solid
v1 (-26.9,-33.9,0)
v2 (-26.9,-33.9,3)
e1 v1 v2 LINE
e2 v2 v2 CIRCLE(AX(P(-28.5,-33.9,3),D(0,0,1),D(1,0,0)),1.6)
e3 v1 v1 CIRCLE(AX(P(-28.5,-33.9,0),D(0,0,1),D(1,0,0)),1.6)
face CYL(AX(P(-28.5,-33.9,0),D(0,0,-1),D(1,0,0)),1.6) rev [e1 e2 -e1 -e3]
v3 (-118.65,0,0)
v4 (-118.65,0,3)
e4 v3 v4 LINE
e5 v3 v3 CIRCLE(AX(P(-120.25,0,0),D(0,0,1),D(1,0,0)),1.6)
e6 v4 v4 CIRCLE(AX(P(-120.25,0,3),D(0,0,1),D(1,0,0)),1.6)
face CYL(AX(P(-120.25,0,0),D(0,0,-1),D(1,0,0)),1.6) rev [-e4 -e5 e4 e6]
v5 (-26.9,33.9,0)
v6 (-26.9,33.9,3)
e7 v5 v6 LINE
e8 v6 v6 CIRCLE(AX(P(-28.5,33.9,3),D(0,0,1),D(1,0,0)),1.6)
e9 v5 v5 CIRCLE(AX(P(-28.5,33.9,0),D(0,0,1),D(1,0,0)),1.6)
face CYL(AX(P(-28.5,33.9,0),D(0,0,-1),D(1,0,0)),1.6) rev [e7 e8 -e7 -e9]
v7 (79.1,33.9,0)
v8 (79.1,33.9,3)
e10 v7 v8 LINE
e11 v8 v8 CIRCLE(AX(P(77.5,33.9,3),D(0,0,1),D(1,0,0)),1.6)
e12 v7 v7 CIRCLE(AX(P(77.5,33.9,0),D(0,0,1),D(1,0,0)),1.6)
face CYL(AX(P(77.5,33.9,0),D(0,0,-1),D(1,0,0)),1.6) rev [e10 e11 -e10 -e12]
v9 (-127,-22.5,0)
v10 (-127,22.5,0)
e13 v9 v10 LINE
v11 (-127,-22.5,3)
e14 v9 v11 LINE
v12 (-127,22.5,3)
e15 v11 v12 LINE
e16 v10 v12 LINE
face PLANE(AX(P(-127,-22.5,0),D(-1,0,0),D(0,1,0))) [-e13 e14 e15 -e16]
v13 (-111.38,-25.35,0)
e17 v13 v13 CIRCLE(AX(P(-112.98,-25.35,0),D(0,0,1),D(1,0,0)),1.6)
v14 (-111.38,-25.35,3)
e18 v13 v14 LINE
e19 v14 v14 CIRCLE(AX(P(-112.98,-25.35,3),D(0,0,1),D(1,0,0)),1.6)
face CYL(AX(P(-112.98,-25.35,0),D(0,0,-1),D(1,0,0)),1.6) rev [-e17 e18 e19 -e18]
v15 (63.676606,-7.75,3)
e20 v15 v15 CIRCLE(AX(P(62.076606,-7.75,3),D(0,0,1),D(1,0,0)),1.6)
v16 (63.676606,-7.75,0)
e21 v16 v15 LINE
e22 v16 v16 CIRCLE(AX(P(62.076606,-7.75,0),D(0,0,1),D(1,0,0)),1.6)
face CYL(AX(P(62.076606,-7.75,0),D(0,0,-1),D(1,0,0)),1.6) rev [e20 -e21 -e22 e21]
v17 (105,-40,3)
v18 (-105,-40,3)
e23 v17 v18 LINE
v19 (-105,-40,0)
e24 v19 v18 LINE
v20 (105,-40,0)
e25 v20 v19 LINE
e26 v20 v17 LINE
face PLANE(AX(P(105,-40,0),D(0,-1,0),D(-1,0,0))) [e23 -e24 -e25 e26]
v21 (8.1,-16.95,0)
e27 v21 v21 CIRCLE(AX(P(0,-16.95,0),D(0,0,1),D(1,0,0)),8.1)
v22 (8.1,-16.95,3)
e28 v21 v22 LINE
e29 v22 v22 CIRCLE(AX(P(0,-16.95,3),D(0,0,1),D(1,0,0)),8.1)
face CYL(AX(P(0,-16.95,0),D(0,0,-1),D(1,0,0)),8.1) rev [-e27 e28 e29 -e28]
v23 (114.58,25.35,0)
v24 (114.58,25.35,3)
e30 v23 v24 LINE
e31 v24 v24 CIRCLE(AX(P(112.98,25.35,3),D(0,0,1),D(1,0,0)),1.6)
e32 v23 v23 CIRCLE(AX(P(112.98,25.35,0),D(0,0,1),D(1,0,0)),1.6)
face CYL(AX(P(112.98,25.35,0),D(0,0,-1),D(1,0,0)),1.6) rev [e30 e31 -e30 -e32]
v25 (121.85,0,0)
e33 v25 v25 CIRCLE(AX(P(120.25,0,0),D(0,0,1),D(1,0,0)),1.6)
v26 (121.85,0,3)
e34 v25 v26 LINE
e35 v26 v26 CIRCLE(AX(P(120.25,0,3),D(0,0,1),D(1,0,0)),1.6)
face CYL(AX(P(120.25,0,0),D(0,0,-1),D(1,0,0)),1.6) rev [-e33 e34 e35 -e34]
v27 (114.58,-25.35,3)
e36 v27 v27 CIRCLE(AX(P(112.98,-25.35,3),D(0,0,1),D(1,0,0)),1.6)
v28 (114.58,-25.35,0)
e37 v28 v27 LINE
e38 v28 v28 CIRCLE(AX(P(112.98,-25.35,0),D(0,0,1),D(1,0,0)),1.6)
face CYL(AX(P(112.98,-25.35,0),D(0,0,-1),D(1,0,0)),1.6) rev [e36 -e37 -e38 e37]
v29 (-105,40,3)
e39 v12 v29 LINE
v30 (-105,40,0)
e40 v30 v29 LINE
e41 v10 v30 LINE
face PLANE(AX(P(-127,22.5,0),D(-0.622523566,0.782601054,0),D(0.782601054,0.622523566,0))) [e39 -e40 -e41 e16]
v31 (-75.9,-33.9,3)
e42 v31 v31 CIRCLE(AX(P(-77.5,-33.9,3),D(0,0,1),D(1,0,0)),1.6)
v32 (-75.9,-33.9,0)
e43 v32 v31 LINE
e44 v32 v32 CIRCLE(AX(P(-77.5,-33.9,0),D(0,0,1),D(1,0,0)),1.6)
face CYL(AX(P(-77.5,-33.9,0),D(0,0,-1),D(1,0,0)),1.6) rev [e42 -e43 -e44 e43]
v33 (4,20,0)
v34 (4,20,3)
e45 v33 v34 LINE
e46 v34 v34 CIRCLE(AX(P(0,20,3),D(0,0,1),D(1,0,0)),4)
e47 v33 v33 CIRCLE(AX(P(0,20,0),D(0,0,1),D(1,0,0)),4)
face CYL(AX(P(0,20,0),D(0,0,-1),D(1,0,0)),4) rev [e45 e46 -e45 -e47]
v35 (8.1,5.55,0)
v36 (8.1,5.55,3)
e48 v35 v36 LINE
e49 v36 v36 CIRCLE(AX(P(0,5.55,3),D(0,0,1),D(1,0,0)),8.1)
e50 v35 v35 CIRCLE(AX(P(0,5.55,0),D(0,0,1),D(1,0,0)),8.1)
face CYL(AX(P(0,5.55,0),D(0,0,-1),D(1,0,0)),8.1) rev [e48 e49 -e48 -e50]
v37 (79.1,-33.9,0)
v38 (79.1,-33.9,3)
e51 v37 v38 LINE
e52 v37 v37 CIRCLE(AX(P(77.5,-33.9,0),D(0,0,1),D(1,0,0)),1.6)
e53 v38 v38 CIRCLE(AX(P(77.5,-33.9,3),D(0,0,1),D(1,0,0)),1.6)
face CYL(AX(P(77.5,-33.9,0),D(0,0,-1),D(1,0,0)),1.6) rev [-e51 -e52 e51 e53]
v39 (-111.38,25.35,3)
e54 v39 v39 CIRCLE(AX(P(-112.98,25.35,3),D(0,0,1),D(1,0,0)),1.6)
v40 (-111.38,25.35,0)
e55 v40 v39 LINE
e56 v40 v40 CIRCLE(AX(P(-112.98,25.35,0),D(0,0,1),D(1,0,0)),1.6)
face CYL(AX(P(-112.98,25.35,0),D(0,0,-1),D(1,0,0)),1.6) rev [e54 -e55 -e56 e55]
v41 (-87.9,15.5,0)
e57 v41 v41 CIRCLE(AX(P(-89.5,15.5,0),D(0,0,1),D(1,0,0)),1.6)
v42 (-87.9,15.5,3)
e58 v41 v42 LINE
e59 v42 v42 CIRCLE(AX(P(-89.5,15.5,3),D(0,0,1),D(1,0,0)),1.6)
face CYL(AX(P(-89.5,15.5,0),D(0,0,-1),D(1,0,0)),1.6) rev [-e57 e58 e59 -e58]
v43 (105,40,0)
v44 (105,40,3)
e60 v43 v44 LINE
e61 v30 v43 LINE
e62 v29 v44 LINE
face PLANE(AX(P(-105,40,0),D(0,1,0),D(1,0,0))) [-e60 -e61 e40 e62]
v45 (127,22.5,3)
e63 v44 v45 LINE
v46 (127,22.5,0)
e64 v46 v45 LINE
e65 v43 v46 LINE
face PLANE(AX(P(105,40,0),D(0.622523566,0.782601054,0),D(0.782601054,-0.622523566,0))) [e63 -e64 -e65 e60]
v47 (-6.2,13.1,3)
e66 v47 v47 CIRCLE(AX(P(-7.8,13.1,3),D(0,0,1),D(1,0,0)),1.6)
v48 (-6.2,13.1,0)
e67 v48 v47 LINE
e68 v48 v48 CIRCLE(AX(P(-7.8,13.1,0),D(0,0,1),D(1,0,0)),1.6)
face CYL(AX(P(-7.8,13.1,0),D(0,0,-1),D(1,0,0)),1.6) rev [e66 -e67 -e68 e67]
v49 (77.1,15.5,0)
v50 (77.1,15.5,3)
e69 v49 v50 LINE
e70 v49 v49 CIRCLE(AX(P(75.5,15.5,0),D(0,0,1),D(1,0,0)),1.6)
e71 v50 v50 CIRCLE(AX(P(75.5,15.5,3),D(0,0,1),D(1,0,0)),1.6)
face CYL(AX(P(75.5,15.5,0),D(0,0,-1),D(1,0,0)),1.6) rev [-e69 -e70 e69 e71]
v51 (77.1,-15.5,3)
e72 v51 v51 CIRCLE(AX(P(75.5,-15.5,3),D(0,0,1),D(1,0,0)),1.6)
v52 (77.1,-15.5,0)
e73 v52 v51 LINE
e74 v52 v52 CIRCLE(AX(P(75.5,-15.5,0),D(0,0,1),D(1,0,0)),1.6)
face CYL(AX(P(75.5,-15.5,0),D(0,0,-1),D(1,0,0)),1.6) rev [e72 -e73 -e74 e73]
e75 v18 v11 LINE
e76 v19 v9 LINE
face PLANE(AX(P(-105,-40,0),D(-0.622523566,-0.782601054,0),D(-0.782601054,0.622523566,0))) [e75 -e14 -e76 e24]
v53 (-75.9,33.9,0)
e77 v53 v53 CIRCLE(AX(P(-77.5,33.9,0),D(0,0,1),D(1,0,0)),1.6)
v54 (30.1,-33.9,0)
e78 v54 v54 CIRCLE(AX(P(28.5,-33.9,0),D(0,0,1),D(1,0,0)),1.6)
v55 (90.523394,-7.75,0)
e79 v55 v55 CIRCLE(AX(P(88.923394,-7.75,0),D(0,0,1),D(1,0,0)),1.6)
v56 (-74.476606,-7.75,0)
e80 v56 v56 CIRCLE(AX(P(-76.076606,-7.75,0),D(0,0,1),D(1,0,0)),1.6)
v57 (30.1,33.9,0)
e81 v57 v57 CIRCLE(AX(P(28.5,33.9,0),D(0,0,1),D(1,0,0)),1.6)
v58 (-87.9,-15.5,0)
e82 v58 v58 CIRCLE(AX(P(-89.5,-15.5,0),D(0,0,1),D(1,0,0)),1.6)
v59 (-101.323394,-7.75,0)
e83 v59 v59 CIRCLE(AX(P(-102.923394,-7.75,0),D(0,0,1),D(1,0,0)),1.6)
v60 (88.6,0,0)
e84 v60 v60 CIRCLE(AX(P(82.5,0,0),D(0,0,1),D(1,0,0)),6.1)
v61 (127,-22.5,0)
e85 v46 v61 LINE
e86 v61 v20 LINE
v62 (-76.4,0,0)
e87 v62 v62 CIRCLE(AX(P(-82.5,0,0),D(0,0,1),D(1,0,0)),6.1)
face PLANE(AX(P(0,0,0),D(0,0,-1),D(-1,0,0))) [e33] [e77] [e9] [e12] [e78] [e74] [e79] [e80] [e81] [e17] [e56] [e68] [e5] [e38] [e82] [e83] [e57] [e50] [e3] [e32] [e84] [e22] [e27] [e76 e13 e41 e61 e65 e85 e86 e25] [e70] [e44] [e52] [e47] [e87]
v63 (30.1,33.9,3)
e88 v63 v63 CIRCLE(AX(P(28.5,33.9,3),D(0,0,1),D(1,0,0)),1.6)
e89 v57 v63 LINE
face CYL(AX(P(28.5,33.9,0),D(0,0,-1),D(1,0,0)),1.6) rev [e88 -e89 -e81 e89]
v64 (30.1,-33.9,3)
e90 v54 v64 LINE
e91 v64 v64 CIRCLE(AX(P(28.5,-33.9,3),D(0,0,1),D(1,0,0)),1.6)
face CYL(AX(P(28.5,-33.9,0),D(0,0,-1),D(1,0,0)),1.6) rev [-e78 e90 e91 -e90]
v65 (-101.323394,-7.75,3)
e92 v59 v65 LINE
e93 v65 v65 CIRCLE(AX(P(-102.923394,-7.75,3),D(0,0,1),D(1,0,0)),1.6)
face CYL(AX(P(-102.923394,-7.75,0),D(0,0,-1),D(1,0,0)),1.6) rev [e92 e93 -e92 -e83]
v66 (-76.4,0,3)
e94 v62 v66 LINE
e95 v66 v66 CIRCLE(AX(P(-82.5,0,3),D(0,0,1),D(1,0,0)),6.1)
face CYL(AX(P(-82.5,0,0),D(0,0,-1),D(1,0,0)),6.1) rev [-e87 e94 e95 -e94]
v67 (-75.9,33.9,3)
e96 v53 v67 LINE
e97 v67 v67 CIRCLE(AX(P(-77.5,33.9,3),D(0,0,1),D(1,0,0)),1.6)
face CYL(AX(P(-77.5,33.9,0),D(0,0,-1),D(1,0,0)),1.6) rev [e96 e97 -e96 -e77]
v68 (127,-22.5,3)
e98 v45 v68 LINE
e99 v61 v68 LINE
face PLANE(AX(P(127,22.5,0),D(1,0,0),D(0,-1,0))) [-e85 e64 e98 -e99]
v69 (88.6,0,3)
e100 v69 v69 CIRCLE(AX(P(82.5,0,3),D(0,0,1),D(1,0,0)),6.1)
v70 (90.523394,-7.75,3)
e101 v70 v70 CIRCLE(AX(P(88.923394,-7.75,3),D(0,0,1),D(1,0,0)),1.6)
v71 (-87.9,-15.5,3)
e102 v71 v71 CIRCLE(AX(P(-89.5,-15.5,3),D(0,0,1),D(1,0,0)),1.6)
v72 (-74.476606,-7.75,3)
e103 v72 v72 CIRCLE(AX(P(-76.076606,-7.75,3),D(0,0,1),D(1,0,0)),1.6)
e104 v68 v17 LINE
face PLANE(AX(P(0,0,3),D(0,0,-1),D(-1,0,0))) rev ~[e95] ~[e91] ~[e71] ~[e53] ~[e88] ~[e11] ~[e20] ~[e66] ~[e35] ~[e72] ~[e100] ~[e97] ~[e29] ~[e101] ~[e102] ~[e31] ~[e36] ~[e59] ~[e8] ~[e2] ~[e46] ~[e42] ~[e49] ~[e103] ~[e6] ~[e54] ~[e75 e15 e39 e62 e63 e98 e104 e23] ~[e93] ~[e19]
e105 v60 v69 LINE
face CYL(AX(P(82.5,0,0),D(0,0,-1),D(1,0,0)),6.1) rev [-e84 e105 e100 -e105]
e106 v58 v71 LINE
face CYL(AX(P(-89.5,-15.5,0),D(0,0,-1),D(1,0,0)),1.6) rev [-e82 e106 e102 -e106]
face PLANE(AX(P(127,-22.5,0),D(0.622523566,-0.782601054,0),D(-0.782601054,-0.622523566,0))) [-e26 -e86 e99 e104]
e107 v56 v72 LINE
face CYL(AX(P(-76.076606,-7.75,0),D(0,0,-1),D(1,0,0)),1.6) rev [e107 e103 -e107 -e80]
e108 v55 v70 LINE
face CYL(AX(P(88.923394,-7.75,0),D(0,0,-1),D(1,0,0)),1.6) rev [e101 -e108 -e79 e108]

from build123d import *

# Parameters (mm, degrees)
CROQUIS1_R              = 4
CROQUIS1_R_2            = 1.6
CROQUIS1_R_3            = 6.1
CROQUIS1_R_4            = 8.1
SALIENTE_EXTRUIR1_DEPTH = 3


with BuildPart() as part:
    # Croquis1 → Saliente-Extruir1 (new body)
    with BuildSketch(Plane.XY):
        Polygon((-127, 22.5), (-105, 40), (105, 40), (127, 22.5), (127, -22.5), (105, -40), (-105, -40), (-127, -22.5), align=None)
        with Locations((0, 20)):
            Circle(CROQUIS1_R, mode=Mode.SUBTRACT)
        with Locations((112.98, 25.35)):
            Circle(CROQUIS1_R_2, mode=Mode.SUBTRACT)
        with Locations((120.25, 0)):
            Circle(CROQUIS1_R_2, mode=Mode.SUBTRACT)
        with Locations((112.98, -25.35)):
            Circle(CROQUIS1_R_2, mode=Mode.SUBTRACT)
        with Locations((77.5, -33.9)):
            Circle(CROQUIS1_R_2, mode=Mode.SUBTRACT)
        with Locations((28.5, -33.9)):
            Circle(CROQUIS1_R_2, mode=Mode.SUBTRACT)
        with Locations((-28.5, -33.9)):
            Circle(CROQUIS1_R_2, mode=Mode.SUBTRACT)
        with Locations((-77.5, -33.9)):
            Circle(CROQUIS1_R_2, mode=Mode.SUBTRACT)
        with Locations((-112.98, -25.35)):
            Circle(CROQUIS1_R_2, mode=Mode.SUBTRACT)
        with Locations((-120.25, 0)):
            Circle(CROQUIS1_R_2, mode=Mode.SUBTRACT)
        with Locations((-112.98, 25.35)):
            Circle(CROQUIS1_R_2, mode=Mode.SUBTRACT)
        with Locations((-77.5, 33.9)):
            Circle(CROQUIS1_R_2, mode=Mode.SUBTRACT)
        with Locations((-28.5, 33.9)):
            Circle(CROQUIS1_R_2, mode=Mode.SUBTRACT)
        with Locations((28.5, 33.9)):
            Circle(CROQUIS1_R_2, mode=Mode.SUBTRACT)
        with Locations((77.5, 33.9)):
            Circle(CROQUIS1_R_2, mode=Mode.SUBTRACT)
        with Locations((-82.5, 0)):
            Circle(CROQUIS1_R_3, mode=Mode.SUBTRACT)
        with Locations((82.5, 0)):
            Circle(CROQUIS1_R_3, mode=Mode.SUBTRACT)
        with Locations((0, 5.55)):
            Circle(CROQUIS1_R_4, mode=Mode.SUBTRACT)
        with Locations((0, -16.95)):
            Circle(CROQUIS1_R_4, mode=Mode.SUBTRACT)
        with Locations((-7.8, 13.1)):
            Circle(CROQUIS1_R_2, mode=Mode.SUBTRACT)
        with Locations((75.5, 15.5)):
            Circle(CROQUIS1_R_2, mode=Mode.SUBTRACT)
        with Locations((75.5, -15.5)):
            Circle(CROQUIS1_R_2, mode=Mode.SUBTRACT)
        with Locations((62.076606241, -7.75)):
            Circle(CROQUIS1_R_2, mode=Mode.SUBTRACT)
        with Locations((88.923393759, -7.75)):
            Circle(CROQUIS1_R_2, mode=Mode.SUBTRACT)
        with Locations((-89.5, 15.5)):
            Circle(CROQUIS1_R_2, mode=Mode.SUBTRACT)
        with Locations((-102.923393759, -7.75)):
            Circle(CROQUIS1_R_2, mode=Mode.SUBTRACT)
        with Locations((-76.076606241, -7.75)):
            Circle(CROQUIS1_R_2, mode=Mode.SUBTRACT)
        with Locations((-89.5, -15.5)):
            Circle(CROQUIS1_R_2, mode=Mode.SUBTRACT)
    extrude(amount=SALIENTE_EXTRUIR1_DEPTH)


solid = part.part
